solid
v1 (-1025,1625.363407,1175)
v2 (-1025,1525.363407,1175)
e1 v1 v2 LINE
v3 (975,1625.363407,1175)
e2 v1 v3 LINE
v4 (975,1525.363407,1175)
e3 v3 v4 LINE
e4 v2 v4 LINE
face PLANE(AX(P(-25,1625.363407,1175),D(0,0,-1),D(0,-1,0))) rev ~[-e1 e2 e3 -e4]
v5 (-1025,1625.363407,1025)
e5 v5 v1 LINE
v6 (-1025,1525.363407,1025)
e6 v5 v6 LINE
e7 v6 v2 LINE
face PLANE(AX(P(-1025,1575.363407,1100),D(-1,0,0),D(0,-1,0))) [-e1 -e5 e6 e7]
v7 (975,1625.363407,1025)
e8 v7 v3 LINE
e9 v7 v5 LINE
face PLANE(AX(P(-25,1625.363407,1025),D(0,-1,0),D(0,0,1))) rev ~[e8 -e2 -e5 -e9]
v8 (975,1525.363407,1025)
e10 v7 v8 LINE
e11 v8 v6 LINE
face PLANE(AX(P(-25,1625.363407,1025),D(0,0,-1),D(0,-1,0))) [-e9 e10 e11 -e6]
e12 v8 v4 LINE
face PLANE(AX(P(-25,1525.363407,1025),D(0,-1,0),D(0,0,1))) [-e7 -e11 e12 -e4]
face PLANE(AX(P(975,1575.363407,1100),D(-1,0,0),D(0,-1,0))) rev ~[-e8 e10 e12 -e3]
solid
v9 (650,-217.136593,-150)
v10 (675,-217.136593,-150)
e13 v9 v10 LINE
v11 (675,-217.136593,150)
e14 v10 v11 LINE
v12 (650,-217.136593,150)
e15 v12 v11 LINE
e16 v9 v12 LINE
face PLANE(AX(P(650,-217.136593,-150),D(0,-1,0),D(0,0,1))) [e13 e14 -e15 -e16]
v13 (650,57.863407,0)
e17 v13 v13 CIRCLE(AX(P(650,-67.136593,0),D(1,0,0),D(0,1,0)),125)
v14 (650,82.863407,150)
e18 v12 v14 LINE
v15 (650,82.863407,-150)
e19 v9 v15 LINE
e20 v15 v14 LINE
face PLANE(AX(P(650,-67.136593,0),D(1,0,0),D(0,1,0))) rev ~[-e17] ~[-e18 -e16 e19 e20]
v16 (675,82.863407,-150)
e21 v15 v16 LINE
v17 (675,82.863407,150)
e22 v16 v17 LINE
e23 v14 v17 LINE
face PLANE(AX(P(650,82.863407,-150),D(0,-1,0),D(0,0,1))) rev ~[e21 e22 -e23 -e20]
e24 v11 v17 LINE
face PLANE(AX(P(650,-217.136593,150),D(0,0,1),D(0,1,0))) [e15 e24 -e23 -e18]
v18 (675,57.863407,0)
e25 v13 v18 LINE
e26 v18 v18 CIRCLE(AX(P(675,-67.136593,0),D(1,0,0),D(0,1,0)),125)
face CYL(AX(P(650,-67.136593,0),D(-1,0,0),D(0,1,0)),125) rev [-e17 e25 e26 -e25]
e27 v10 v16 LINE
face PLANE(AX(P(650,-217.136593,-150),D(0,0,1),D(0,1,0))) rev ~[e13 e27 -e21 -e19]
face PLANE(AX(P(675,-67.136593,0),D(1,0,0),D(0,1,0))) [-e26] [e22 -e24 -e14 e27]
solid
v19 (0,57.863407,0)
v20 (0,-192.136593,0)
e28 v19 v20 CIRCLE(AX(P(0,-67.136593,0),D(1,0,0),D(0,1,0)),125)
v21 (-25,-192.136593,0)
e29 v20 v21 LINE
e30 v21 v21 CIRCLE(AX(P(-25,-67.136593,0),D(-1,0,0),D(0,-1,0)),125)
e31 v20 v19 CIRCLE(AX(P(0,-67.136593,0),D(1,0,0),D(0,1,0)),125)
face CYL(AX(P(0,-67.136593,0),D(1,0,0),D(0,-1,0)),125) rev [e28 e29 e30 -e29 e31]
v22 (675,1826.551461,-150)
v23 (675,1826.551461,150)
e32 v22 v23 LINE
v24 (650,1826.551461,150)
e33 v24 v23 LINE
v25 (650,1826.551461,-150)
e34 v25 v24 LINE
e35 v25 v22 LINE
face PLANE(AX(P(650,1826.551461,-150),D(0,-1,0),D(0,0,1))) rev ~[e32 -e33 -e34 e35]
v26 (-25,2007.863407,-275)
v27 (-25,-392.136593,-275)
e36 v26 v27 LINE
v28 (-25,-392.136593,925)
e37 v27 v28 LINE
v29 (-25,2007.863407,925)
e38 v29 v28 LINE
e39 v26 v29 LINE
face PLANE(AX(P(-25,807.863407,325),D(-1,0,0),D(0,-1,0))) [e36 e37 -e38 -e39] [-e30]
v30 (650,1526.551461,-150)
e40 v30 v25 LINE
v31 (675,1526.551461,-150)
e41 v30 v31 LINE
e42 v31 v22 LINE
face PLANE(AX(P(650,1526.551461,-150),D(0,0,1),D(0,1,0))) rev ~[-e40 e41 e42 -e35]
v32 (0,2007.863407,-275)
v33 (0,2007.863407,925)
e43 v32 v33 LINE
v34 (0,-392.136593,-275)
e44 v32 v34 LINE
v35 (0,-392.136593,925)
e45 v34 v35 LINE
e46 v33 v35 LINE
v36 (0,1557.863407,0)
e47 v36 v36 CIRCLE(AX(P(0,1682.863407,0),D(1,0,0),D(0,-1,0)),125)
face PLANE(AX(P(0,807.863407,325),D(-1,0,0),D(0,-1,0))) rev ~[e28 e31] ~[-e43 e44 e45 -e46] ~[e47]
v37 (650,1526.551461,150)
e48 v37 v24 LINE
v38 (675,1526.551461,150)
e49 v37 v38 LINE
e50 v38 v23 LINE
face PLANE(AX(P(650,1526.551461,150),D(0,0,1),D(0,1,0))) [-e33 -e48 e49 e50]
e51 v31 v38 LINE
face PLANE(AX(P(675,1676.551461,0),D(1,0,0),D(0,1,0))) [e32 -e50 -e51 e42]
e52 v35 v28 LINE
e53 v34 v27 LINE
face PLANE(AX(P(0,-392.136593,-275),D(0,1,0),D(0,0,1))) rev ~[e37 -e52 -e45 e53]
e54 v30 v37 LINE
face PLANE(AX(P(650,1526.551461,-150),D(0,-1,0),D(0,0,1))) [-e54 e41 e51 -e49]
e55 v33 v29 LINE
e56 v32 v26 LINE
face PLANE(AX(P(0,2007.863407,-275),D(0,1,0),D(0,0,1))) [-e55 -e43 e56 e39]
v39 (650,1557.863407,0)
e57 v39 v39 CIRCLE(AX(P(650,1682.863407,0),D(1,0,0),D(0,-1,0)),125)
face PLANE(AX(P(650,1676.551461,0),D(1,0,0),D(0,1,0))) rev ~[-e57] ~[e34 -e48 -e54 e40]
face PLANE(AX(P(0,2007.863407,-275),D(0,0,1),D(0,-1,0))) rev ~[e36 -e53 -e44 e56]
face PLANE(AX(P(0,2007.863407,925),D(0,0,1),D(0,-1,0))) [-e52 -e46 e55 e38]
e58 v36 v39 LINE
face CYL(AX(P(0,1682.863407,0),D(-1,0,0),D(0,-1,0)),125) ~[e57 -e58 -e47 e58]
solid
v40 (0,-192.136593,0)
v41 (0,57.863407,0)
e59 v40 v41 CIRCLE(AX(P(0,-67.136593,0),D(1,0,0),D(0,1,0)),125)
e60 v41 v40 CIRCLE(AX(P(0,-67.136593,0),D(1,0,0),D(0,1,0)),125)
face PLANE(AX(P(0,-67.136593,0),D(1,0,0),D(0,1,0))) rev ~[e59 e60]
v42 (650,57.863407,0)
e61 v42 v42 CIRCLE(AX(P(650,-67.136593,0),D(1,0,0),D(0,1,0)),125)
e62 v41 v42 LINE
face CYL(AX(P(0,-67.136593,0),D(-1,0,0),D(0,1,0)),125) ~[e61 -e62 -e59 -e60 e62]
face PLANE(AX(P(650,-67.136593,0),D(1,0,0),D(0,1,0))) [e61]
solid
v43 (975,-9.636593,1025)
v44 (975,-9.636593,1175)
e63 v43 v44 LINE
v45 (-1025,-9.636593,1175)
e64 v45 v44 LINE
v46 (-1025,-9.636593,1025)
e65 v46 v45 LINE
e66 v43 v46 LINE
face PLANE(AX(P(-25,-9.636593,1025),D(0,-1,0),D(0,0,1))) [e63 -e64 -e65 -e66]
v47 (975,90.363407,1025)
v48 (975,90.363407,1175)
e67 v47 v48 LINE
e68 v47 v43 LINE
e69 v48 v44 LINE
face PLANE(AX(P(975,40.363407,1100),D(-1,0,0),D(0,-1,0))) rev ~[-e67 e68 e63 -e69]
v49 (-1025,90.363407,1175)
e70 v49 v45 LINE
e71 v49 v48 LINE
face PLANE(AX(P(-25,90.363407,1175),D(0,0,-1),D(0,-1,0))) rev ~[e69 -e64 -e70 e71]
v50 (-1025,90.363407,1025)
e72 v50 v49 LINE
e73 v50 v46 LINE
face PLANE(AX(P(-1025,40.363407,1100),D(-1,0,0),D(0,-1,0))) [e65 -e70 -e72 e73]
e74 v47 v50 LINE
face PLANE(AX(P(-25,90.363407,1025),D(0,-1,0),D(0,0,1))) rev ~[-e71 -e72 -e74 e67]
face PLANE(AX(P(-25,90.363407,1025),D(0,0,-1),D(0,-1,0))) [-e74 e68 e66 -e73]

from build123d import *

# Parameters (mm, degrees)
F0_R     = 125
F1_DEPTH = 650
F2_W     = 300
F2_H     = 300
F3_DEPTH = 25
F2_R     = 125
F5_W     = 2400
F5_H     = 1200
F5_R     = 125
F6_DEPTH = 25
F7_W     = 100
F7_H     = 150
F8_DEPTH = 1000
F9_DEPTH = 1000


with BuildPart() as f1:
    # F0 (on Right) → F1 (new body)
    with BuildSketch(Plane.YZ):
        with Locations((-67.136593163, 0)):
            Circle(F0_R)
    extrude(amount=F1_DEPTH)

    # F2 (on face) → F3, piece 2 (join)
    with BuildSketch(Plane.YZ.offset(650)):
        with Locations((-67.136593163, 0)):
            Rectangle(F2_W, F2_H)
        with Locations((-67.136593163, 0)):
            Circle(F2_R, mode=Mode.SUBTRACT)
    extrude(amount=F3_DEPTH)


with BuildPart() as f1b:
    # F0 (on Right) → F1, piece 2 (new body)
    with BuildSketch(Plane.YZ):
        with BuildLine():
            ThreePointArc((1807.863406837, 0), (1682.863406837, 125), (1557.863406837, 0))
            ThreePointArc((1557.863406837, 0), (1682.863406837, -125), (1807.863406837, 0))
        make_face()
    extrude(amount=F1_DEPTH)

    # F2 (on face) → F3 (join)
    with BuildSketch(Plane.YZ.offset(650)):
        with Locations((1676.5514612198, 0)):
            Rectangle(F2_W, F2_H)
    extrude(amount=F3_DEPTH)


with BuildPart() as f1_1:
    add(f1.part)

    # F4: union F1b
    add(f1b.part)

    # F5 (on face) → F6 (join)
    with BuildSketch(Plane(origin=(0, 0, 0), x_dir=(0, -1, 0), z_dir=(-1, 0, 0))):
        with Locations((-807.863406837, 325)):
            Rectangle(F5_W, F5_H)
        with Locations((67.136593163, 0)):
            Circle(F5_R, mode=Mode.SUBTRACT)
    extrude(amount=F6_DEPTH)


with BuildPart() as f8:
    # F7 (on face) → F8 (new body)
    with BuildSketch(Plane(origin=(-25, 0, 0), x_dir=(0, -1, 0), z_dir=(-1, 0, 0))):
        with Locations((-1575.363406837, 1100)):
            Rectangle(F7_W, F7_H)
    extrude(amount=F8_DEPTH)

    # F7 (on face) → F9, piece 2 (join)
    with BuildSketch(Plane(origin=(-25, 0, 0), x_dir=(0, -1, 0), z_dir=(-1, 0, 0))):
        with Locations((-1575.363406837, 1100)):
            Rectangle(F7_W, F7_H)
    extrude(amount=-F9_DEPTH)


with BuildPart() as f8b:
    # F7 (on face) → F8, piece 2 (new body)
    with BuildSketch(Plane(origin=(-25, 0, 0), x_dir=(0, -1, 0), z_dir=(-1, 0, 0))):
        with Locations((-40.363406837, 1100)):
            Rectangle(F7_W, F7_H)
    extrude(amount=F8_DEPTH)

    # F7 (on face) → F9 (join)
    with BuildSketch(Plane(origin=(-25, 0, 0), x_dir=(0, -1, 0), z_dir=(-1, 0, 0))):
        with Locations((-40.363406837, 1100)):
            Rectangle(F7_W, F7_H)
    extrude(amount=-F9_DEPTH)


solid = Compound([f1_1.part, f8.part, f8b.part])
